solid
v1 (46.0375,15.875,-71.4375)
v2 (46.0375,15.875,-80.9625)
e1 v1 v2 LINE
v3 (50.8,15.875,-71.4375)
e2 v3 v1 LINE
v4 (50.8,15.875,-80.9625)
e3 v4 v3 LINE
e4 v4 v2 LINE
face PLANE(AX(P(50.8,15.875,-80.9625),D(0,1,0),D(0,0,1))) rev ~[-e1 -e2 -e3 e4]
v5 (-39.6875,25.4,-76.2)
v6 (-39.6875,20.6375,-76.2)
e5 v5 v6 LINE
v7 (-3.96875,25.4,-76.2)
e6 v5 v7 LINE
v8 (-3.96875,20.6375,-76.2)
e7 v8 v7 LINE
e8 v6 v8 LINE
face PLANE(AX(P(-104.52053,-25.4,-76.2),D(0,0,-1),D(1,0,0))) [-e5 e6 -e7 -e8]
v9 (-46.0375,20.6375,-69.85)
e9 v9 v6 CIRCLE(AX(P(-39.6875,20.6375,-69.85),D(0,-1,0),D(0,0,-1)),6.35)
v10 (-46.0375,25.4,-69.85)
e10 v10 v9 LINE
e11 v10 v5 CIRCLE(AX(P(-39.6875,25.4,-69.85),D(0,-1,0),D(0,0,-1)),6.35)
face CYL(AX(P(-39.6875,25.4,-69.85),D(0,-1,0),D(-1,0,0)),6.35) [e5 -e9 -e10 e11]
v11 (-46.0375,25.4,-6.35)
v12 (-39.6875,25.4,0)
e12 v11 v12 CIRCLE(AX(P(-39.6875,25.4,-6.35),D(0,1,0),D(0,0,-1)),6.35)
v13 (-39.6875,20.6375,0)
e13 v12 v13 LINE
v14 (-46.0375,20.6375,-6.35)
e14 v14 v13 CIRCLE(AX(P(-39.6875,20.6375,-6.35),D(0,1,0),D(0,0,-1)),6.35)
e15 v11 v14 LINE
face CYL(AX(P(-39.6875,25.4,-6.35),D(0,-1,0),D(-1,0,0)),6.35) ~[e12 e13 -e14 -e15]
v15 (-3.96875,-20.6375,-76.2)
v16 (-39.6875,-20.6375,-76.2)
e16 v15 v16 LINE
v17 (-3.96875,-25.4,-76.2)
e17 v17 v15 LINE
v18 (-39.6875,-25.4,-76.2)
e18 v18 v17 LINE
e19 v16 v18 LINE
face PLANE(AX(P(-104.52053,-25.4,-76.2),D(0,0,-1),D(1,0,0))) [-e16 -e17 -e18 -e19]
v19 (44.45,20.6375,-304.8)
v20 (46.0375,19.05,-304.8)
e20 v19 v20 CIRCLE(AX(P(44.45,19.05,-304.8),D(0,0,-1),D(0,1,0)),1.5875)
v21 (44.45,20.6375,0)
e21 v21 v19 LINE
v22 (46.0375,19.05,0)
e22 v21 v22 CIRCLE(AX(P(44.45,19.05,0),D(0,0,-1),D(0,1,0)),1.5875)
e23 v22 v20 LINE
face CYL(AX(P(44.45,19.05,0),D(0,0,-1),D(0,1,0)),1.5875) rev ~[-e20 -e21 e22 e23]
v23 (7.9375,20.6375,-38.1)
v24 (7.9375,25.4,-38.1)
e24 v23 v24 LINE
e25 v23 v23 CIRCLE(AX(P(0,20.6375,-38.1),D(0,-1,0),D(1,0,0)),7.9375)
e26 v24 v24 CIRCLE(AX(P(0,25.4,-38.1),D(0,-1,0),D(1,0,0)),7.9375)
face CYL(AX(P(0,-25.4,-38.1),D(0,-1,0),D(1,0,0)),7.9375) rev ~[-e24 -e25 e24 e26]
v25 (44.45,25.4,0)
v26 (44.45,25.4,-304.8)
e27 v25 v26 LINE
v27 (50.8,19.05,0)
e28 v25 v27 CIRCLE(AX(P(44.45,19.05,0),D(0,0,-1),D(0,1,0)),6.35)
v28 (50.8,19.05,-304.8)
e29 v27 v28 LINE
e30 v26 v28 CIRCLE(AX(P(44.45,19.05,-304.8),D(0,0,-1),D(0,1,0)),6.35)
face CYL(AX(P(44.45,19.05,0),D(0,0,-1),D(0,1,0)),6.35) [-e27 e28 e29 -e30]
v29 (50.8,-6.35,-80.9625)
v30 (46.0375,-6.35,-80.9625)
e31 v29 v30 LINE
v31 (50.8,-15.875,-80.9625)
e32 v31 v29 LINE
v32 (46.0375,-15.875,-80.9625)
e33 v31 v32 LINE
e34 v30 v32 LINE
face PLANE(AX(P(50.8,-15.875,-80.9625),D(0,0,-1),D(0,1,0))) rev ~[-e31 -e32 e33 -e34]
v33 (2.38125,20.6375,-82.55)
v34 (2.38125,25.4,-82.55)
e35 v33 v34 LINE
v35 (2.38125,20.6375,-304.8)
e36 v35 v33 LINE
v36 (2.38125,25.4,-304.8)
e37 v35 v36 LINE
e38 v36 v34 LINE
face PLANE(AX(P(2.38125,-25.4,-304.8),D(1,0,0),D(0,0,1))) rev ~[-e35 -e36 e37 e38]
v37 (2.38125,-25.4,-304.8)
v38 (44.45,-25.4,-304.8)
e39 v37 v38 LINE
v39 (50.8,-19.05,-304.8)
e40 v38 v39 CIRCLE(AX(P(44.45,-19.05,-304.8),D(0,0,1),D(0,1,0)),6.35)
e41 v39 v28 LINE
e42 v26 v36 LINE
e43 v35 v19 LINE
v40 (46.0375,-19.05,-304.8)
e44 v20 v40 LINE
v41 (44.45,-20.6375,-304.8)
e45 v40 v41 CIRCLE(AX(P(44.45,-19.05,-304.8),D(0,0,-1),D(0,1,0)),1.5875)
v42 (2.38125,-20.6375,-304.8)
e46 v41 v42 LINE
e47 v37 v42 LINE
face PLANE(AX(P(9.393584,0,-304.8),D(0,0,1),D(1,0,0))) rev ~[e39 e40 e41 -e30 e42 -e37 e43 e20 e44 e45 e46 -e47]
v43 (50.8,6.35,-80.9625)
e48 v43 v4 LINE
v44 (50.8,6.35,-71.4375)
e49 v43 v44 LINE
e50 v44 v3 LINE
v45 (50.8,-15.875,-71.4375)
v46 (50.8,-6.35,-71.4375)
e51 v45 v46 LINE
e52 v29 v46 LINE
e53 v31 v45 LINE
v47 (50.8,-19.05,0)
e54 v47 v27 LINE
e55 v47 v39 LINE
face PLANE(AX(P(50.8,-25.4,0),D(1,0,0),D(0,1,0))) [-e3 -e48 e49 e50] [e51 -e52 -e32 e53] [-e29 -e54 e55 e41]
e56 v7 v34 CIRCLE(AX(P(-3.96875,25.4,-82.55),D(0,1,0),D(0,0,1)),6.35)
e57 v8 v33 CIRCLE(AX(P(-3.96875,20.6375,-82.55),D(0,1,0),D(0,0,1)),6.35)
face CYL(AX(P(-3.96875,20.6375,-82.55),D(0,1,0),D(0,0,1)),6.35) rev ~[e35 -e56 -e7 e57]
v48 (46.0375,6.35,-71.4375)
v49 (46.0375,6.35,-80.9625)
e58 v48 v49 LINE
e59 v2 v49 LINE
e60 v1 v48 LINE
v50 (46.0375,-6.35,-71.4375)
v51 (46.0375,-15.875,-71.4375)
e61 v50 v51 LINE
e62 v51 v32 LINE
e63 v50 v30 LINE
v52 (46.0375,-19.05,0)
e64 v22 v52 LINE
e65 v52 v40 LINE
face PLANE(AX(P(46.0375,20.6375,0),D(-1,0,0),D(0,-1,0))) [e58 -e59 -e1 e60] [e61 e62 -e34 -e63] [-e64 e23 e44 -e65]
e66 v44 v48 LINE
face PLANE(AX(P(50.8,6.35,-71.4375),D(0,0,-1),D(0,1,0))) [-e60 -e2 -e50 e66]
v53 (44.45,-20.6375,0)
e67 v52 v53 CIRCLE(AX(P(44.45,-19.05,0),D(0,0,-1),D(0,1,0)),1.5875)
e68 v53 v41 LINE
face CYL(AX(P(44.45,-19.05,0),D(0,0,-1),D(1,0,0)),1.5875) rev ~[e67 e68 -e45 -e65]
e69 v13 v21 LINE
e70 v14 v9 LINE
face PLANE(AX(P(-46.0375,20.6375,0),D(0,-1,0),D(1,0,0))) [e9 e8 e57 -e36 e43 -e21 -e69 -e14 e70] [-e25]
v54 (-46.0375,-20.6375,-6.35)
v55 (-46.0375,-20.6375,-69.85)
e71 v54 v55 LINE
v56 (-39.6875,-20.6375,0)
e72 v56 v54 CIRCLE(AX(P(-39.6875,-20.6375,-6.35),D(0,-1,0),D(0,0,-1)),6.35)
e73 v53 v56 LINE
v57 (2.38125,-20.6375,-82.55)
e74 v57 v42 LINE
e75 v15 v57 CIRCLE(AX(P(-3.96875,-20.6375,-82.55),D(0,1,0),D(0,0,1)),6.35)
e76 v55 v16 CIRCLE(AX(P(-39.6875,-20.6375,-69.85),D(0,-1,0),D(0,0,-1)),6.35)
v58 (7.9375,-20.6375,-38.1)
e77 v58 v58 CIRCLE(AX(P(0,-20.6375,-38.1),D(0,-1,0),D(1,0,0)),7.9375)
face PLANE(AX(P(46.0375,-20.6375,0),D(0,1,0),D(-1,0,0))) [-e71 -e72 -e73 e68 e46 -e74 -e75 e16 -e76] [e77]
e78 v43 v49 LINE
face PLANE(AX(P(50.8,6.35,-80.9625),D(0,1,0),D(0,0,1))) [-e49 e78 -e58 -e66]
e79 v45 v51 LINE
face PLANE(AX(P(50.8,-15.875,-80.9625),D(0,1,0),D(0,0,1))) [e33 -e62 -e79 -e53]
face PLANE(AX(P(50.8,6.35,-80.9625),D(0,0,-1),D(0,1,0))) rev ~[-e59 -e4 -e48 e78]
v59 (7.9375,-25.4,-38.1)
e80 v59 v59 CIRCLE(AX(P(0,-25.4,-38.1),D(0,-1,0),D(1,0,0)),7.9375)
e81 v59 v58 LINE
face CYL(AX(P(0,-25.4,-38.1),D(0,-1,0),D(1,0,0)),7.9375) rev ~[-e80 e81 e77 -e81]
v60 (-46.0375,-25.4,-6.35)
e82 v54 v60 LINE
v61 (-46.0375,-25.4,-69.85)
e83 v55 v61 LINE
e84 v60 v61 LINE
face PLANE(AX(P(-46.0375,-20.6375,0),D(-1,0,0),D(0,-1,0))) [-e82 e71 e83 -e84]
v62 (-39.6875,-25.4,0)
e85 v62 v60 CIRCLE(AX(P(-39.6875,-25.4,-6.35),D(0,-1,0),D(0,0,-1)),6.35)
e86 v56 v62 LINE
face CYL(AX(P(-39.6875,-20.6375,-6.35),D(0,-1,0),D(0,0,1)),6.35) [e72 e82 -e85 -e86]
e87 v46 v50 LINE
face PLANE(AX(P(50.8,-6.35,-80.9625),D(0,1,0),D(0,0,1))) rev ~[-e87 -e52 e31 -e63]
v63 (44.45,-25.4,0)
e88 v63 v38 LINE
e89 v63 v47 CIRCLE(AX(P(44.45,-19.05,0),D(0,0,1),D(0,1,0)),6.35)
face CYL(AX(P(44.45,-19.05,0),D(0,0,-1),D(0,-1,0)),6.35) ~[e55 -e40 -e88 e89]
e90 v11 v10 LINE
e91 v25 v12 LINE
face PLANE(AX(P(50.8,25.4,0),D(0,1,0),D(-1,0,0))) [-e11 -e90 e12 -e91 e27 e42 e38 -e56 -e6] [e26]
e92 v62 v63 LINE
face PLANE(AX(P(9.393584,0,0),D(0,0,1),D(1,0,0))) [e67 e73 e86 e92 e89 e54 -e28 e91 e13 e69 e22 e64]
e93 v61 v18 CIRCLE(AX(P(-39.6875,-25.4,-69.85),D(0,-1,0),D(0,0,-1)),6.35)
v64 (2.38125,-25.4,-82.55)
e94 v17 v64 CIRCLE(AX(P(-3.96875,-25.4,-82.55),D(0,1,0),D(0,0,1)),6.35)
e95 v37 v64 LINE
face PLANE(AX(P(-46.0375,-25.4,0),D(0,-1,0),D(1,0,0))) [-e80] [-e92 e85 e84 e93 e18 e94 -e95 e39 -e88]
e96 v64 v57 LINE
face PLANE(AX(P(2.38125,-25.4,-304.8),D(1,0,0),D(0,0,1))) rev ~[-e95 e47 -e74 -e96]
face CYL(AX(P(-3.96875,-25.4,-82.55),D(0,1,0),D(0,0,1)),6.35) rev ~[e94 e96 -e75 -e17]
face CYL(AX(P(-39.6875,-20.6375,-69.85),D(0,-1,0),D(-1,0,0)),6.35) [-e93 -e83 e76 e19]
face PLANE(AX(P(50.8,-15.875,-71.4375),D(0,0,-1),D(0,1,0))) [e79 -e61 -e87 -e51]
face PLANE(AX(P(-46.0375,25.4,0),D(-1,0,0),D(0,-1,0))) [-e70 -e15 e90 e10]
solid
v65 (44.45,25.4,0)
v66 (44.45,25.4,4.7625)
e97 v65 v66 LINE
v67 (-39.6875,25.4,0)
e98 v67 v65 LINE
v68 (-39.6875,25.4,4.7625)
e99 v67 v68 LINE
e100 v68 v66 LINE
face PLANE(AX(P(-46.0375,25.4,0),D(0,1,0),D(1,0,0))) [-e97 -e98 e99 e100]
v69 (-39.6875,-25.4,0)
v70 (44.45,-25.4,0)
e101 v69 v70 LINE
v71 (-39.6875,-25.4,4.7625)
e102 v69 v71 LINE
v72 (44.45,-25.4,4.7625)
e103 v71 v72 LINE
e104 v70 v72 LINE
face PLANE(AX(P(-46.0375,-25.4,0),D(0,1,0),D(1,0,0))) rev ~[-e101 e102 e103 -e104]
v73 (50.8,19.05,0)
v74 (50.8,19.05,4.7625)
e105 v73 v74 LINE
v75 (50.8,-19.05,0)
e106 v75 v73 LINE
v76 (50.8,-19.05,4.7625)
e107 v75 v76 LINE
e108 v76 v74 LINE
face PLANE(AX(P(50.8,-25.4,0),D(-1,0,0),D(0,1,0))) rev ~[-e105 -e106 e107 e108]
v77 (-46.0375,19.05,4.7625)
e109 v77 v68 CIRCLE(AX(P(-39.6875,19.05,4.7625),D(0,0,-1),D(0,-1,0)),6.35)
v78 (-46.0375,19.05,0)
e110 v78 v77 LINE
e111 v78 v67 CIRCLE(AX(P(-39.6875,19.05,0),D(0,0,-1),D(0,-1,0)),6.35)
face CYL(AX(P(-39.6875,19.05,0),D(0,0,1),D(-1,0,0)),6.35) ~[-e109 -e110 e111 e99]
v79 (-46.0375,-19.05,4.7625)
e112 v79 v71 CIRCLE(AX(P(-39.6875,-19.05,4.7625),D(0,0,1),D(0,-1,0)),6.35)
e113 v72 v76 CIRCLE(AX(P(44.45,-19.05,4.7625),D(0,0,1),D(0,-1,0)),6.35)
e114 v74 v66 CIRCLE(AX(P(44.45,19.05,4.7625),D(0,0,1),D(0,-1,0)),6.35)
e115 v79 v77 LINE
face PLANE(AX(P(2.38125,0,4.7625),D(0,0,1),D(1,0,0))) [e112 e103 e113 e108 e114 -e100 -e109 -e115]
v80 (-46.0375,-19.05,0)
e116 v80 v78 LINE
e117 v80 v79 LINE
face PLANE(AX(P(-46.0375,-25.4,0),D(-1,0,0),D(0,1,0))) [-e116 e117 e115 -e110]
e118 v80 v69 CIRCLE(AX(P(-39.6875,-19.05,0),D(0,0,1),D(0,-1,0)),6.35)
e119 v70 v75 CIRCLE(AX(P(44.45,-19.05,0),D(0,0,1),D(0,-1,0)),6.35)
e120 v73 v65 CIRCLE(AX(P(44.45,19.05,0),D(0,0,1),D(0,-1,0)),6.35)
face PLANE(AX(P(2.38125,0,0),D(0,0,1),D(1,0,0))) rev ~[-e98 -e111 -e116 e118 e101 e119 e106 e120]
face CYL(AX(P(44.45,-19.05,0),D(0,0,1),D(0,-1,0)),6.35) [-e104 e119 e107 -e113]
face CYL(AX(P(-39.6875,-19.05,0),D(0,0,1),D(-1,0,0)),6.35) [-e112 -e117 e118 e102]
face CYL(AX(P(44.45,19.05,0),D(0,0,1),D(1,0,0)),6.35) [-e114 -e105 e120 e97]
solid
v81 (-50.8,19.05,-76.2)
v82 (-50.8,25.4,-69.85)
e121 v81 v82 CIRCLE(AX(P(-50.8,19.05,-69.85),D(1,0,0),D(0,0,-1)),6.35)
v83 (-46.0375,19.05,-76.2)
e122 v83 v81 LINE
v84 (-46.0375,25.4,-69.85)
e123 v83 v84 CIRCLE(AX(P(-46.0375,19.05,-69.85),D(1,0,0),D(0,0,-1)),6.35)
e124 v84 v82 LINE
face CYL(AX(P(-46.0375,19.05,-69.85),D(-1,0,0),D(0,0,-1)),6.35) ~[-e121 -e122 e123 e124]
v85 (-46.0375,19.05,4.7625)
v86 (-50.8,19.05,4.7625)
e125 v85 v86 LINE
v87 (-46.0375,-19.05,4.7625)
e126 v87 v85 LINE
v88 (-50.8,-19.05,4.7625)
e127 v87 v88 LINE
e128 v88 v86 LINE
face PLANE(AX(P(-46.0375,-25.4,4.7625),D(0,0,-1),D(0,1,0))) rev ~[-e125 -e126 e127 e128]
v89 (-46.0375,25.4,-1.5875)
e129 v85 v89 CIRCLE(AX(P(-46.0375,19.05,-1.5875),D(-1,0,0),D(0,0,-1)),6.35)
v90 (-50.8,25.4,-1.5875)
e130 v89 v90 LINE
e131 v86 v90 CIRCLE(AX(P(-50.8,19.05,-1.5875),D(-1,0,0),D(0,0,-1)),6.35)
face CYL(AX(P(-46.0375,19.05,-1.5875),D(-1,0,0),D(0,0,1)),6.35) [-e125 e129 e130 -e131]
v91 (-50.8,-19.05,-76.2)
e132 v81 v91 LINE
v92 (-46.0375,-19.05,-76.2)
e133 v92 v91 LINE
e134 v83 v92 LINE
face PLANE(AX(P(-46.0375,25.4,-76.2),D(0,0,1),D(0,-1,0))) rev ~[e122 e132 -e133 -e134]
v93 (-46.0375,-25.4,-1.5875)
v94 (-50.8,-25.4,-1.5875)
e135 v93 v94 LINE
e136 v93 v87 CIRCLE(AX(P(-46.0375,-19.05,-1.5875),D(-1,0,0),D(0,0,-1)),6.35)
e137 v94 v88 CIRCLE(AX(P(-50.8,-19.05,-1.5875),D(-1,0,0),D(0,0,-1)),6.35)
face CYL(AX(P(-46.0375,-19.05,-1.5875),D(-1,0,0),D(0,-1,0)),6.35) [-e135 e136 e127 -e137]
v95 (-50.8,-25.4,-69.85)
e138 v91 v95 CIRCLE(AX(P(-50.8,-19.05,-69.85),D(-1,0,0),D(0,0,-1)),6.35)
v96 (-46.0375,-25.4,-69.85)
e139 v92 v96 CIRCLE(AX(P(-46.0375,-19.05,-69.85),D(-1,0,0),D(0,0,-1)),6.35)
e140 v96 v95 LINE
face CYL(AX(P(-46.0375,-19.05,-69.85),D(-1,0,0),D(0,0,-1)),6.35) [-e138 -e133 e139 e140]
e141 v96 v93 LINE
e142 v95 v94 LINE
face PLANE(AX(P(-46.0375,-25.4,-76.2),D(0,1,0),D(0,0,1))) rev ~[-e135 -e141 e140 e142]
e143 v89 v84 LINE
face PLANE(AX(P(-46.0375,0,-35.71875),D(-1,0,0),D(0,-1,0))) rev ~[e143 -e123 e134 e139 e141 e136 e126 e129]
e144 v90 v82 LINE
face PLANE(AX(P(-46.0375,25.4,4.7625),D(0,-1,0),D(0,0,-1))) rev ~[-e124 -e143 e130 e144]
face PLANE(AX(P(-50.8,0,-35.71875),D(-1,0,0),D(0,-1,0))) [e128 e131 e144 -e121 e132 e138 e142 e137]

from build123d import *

# Parameters (mm, degrees)
F1_DEPTH  = 304.8
F2_W      = 9.525
F2_H      = 9.525
F3_DEPTH  = 96.8385
F4_W      = 106.9017795086
F4_H      = 228.6
F5_DEPTH  = 50.8
F6_W      = 96.8375
F6_H      = 50.8
F7_DEPTH  = 4.7625
F9_DEPTH  = 4.7625
F10_R     = 7.9375
F11_DEPTH = 50.8
F12_R     = 6.35
F12_2_R   = 6.35
F13_R     = 6.35
F14_R     = 1.5875


with BuildPart() as f1:
    # F0 (on Top) → F1 (new body)
    with BuildSketch(Plane.XY):
        Polygon((-46.0375, 25.4), (-46.0375, 20.6375), (46.0375, 20.6375), (46.0375, -20.6375), (-46.0375, -20.6375), (-46.0375, -25.4), (50.8, -25.4), (50.8, 25.4), align=None)
    extrude(amount=-F1_DEPTH)

    # F2 (on face) → F3 (cut, through all)
    with BuildSketch(Plane.YZ.offset(50.8)):
        with Locations((-11.1125, -76.2)):
            Rectangle(F2_W, F2_H)
        with Locations((11.1125, -76.2)):
            Rectangle(F2_W, F2_H)
    extrude(amount=-F3_DEPTH, mode=Mode.SUBTRACT)

    # F4 (on face) → F5 (cut)
    with BuildSketch(Plane.XZ.offset(25.4)):
        with Locations((-51.0696397543, -190.5)):
            Rectangle(F4_W, F4_H)
    extrude(amount=-F5_DEPTH, mode=Mode.SUBTRACT)

    # F10 (on face) → F11 (cut, through all)
    with BuildSketch(Plane.XZ.offset(25.4)):
        with Locations((0, -38.1)):
            Circle(F10_R)
    extrude(amount=-F11_DEPTH, mode=Mode.SUBTRACT)

    # F13
    f13_edges = [f1.edges().sort_by_distance(p)[0] for p in [
        (50.8, -25.4, -152.4),
        (50.8, 25.4, -152.4),
        (2.38125, 23.01875, -76.2),
        (2.38125, -23.01875, -76.2),
        (-46.0375, 23.01875, -76.2),
        (-46.0375, -23.01875, -76.2),
        (-46.0375, -23.01875, 0),
        (-46.0375, 23.01875, 0),
    ]]
    fillet(f13_edges, radius=F13_R)

    # F14
    f14_edges = [f1.edges().sort_by_distance(p)[0] for p in [
        (46.0375, 20.6375, -152.4),
        (46.0375, -20.6375, -152.4),
    ]]
    fillet(f14_edges, radius=F14_R)


with BuildPart() as f7:
    # F6 (on Top) → F7 (new body)
    with BuildSketch(Plane.XY):
        with Locations((2.38125, 0)):
            Rectangle(F6_W, F6_H)
    extrude(amount=F7_DEPTH)

    # F12#2
    f12_2_edges = [f7.edges().sort_by_distance(p)[0] for p in [
        (-46.0375, 25.4, 2.38125),
        (-46.0375, -25.4, 2.38125),
        (50.8, -25.4, 2.38125),
        (50.8, 25.4, 2.38125),
    ]]
    fillet(f12_2_edges, radius=F12_2_R)


with BuildPart() as f9:
    # F8 (on face) → F9 (new body)
    with BuildSketch(Plane(origin=(-46.0375, 0, 0), x_dir=(0, -1, 0), z_dir=(-1, 0, 0))):
        Polygon((-25.4, 0), (-25.4, -76.2), (25.4, -76.2), (25.4, 0), (25.4, 4.7625), (-25.4, 4.7625), align=None)
    extrude(amount=F9_DEPTH)

    # F12
    f12_edges = [f9.edges().sort_by_distance(p)[0] for p in [
        (-48.41875, -25.4, 4.7625),
        (-48.41875, 25.4, 4.7625),
        (-48.41875, -25.4, -76.2),
        (-48.41875, 25.4, -76.2),
    ]]
    fillet(f12_edges, radius=F12_R)


solid = Compound([f1.part, f7.part, f9.part])
